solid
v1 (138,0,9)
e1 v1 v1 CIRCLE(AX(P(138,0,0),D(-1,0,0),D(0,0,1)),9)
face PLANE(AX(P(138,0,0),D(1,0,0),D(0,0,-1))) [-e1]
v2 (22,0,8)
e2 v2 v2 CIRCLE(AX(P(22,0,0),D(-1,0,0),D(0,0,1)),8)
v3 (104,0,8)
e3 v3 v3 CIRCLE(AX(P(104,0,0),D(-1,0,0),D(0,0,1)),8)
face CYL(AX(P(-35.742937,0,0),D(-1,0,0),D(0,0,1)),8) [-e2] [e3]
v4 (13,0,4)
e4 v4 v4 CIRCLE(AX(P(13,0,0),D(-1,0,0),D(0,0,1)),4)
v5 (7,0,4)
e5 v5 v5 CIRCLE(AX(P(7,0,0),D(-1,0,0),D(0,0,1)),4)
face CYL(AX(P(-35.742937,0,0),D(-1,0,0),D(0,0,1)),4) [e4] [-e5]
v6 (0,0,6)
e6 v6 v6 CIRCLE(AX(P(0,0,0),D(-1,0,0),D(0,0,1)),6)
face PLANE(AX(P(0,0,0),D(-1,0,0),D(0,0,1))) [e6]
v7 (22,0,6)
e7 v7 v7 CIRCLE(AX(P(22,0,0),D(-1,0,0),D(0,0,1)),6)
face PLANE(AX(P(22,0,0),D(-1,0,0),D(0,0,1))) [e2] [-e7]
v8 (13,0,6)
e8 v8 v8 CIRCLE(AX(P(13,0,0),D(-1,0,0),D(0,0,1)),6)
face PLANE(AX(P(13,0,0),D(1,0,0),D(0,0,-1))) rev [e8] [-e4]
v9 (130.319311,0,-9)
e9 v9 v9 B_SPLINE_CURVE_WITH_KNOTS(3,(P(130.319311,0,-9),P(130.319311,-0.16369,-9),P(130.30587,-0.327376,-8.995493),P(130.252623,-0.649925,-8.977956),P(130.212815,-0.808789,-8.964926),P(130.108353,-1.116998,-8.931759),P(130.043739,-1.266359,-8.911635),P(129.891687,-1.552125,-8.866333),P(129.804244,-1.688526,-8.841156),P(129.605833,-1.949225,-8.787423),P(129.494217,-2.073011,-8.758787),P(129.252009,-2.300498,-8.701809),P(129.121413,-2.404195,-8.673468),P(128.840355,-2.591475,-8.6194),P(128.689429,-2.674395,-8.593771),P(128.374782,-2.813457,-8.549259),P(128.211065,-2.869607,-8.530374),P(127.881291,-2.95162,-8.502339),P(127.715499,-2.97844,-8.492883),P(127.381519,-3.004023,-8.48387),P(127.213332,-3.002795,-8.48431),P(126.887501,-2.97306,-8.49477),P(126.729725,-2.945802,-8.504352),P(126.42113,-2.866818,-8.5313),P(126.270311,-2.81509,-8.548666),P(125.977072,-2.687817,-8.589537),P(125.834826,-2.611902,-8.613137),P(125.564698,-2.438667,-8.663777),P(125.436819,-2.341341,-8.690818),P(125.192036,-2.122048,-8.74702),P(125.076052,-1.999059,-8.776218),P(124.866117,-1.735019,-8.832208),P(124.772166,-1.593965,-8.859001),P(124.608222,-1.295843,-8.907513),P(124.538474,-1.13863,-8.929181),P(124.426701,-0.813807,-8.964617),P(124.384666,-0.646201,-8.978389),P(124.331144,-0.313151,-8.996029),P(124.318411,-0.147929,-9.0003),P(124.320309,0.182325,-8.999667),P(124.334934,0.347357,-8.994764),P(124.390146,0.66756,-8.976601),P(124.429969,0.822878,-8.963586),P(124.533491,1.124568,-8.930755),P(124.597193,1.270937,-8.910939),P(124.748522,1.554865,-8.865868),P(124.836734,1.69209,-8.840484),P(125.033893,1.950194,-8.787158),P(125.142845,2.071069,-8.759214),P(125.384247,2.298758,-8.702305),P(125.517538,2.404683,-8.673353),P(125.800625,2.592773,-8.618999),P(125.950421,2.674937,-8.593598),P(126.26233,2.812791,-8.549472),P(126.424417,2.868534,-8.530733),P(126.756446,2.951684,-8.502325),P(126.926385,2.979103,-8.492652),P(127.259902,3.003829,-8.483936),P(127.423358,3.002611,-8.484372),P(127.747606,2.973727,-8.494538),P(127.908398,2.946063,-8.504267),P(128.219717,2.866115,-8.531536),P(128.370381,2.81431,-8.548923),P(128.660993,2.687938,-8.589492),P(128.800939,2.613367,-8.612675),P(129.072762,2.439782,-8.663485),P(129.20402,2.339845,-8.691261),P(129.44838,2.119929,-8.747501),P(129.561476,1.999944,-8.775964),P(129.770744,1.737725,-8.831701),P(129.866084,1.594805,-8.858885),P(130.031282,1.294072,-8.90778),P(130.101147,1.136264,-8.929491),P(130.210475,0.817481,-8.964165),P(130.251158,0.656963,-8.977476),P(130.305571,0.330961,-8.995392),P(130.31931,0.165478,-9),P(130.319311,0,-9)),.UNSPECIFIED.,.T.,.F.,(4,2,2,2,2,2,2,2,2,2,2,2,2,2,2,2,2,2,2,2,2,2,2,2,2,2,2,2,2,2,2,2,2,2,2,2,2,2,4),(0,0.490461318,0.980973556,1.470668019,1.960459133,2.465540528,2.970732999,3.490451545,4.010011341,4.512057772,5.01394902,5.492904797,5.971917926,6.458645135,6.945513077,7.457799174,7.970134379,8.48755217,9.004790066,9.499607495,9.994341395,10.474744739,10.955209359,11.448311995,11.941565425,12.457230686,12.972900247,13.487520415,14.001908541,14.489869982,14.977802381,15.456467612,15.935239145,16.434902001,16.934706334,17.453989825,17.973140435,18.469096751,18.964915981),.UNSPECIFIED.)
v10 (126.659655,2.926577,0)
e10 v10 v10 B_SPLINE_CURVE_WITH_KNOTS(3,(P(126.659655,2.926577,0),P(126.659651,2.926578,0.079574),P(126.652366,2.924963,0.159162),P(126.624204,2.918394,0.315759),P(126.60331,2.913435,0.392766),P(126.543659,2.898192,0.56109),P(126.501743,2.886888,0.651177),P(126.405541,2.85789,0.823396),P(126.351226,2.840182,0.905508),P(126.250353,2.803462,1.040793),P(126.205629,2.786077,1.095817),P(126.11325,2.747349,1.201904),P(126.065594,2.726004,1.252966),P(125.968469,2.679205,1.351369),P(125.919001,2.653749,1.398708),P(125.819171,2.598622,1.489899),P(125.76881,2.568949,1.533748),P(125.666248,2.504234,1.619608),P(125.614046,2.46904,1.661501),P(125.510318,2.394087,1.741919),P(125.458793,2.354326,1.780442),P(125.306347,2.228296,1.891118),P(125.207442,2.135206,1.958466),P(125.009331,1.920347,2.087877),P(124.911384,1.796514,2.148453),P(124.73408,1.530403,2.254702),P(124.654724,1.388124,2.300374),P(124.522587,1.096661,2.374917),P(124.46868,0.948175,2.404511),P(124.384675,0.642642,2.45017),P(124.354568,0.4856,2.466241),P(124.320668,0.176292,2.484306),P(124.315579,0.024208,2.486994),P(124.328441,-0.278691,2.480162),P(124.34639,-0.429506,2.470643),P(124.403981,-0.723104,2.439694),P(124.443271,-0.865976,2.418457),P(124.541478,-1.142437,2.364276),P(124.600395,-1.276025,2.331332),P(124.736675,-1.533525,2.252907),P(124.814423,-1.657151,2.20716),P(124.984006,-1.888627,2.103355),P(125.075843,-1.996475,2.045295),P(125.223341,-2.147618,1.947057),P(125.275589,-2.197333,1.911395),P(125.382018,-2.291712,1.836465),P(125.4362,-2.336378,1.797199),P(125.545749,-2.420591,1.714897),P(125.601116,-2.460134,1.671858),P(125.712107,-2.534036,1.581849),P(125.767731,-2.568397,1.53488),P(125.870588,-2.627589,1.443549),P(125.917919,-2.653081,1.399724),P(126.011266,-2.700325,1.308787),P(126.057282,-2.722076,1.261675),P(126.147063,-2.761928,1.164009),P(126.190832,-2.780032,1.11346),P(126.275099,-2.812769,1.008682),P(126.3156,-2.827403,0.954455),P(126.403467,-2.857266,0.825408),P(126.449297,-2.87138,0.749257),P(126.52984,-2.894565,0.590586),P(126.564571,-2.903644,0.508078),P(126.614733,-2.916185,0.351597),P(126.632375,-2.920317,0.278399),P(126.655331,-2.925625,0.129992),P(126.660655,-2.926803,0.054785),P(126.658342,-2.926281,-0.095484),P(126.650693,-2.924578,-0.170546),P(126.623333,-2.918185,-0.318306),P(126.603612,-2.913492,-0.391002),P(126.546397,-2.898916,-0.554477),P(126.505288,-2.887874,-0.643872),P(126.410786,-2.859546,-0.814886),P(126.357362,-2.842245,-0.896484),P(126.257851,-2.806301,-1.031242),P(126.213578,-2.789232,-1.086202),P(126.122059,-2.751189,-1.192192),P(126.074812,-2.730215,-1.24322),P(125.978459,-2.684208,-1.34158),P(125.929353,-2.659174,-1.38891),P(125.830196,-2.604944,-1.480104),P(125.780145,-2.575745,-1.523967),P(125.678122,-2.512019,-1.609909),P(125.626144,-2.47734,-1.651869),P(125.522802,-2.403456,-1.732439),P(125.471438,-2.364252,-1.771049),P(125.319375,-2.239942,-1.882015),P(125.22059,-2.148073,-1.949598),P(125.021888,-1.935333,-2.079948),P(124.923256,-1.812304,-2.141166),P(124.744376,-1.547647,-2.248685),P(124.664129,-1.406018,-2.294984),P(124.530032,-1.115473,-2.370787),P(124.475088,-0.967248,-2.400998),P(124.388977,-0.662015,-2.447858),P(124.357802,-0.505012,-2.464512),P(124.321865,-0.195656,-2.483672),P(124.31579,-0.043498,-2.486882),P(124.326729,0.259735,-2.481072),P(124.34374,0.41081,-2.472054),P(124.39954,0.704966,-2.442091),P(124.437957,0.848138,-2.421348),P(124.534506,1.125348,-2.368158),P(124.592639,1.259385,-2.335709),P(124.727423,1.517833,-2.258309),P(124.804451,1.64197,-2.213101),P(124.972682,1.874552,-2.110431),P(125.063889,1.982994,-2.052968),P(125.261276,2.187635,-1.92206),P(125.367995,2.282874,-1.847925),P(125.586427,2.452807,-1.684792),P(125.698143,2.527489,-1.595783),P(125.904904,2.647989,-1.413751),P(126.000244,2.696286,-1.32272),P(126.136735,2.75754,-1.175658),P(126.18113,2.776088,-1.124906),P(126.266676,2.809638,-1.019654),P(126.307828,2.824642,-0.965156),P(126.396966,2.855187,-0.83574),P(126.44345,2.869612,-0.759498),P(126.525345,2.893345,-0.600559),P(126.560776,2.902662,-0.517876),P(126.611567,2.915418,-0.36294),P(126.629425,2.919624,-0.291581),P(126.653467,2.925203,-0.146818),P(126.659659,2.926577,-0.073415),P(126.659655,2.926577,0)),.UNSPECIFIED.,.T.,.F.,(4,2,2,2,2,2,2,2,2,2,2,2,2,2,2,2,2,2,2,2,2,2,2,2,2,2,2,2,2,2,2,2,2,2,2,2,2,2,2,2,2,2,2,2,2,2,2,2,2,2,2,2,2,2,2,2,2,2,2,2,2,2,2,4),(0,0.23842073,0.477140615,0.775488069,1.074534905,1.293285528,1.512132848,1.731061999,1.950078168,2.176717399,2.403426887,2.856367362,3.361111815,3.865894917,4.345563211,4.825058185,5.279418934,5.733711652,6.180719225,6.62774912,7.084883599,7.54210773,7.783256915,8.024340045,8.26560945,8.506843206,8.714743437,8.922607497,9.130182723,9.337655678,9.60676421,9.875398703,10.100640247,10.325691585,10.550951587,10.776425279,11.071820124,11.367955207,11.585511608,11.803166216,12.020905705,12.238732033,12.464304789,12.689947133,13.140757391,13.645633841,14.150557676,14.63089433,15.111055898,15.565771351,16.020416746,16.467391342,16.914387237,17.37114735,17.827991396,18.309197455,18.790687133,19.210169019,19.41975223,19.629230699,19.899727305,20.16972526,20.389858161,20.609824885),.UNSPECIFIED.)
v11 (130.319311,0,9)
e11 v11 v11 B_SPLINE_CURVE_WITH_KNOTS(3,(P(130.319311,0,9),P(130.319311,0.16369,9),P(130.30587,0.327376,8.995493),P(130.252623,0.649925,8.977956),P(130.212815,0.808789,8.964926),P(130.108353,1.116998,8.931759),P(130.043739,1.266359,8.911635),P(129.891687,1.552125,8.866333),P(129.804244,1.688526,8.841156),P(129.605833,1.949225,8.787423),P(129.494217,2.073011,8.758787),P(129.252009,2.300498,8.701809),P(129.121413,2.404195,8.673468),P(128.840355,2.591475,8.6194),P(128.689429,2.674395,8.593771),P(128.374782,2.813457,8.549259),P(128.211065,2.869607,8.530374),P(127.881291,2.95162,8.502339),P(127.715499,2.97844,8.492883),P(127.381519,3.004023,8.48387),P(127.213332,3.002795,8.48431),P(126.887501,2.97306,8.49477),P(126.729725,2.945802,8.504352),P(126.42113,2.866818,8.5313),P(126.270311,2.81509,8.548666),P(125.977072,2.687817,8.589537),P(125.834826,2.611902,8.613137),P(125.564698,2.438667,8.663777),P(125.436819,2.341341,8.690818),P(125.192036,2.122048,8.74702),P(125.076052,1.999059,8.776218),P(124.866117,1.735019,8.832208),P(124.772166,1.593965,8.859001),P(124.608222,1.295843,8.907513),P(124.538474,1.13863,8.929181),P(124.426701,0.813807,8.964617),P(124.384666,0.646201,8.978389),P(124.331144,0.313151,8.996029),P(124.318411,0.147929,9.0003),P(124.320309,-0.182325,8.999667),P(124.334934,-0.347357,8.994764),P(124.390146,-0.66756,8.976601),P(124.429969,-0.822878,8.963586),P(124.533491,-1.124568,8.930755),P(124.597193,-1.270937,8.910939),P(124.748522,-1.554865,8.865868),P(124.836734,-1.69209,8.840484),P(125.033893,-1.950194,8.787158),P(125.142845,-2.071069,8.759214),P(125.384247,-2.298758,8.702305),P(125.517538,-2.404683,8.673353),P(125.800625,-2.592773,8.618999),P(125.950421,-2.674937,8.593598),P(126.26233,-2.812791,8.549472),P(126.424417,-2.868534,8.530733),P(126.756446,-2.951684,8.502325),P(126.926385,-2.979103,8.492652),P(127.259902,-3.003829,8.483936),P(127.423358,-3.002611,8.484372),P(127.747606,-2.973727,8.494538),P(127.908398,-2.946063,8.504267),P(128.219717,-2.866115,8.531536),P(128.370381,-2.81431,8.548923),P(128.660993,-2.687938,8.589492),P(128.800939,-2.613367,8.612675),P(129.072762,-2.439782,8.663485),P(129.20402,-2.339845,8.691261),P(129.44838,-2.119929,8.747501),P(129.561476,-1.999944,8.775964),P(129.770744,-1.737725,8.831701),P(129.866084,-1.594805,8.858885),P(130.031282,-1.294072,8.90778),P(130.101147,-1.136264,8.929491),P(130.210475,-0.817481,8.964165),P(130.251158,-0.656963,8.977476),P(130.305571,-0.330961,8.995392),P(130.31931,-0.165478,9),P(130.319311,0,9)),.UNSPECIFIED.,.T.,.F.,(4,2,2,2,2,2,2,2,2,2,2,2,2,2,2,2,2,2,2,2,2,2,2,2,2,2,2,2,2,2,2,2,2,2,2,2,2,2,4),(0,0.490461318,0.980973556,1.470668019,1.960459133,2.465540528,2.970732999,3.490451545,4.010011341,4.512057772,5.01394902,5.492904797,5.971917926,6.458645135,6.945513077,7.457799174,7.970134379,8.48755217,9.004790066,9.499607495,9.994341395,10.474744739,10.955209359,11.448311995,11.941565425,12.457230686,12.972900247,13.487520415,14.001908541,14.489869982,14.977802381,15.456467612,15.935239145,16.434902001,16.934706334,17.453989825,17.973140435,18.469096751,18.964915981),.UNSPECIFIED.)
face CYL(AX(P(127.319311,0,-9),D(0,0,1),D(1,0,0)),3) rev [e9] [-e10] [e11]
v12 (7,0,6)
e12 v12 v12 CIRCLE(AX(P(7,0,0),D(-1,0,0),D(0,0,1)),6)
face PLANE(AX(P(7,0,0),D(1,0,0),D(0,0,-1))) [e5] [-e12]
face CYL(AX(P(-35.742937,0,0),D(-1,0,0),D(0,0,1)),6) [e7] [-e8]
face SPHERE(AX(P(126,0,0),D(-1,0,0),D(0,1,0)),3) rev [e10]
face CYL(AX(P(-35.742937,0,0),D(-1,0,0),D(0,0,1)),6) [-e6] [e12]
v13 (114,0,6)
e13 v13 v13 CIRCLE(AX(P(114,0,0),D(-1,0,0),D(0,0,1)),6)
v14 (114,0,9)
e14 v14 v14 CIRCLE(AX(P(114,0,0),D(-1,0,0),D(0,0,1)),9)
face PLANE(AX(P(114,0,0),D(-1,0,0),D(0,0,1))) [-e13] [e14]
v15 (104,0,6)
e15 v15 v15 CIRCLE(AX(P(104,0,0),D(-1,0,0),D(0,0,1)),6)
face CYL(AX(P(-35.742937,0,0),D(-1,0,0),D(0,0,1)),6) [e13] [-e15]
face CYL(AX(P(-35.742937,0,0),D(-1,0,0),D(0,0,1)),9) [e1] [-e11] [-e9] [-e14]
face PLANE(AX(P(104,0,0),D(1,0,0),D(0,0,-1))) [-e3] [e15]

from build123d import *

# Parameters (mm, degrees)
SKETCH2_W          = 10
SKETCH2_H          = 6
SKETCH2_W_2        = 6
SKETCH2_H_2        = 4
SKETCH3_R          = 3
CUT_EXTRUDE1_DEPTH = 140.45967159


with BuildPart() as part:
    # Sketch2 → Revolve1 (revolve)
    with BuildSketch(Plane.XY, mode=Mode.PRIVATE) as revolve1_sk:
        Polygon((22, 6), (22, 0), (104, 0), (104, 6), (104, 8), (22, 8), align=None)
        with Locations((109, 3)):
            Rectangle(SKETCH2_W, SKETCH2_H)
        with BuildLine():
            Line((114, 6), (114, 0))
            Line((114, 0), (123, 0))
            ThreePointArc((123, 0), (126, 3), (129, 0))
            Line((129, 0), (138, 0))
            Line((138, 0), (138, 9))
            Line((138, 9), (114, 9))
            Line((114, 9), (114, 6))
        make_face()
        Polygon((13, 4), (13, 0), (22, 0), (22, 6), (13, 6), align=None)
        Polygon((0, 6), (0, 0), (7, 0), (7, 4), (7, 6), align=None)
        with Locations((10, 2)):
            Rectangle(SKETCH2_W_2, SKETCH2_H_2)
    revolve(revolve1_sk.sketch.rotate(Axis((-35.742937112, 0, 0), (1, 0, 0)), 90), axis=Axis((-35.742937112, 0, 0), (1, 0, 0)))

    # Sketch3 → Cut-Extrude1 (cut, through all)
    with BuildSketch(Plane.XY.offset(9)):
        with Locations((127.319310505, 0)):
            Circle(SKETCH3_R)
    extrude(amount=-CUT_EXTRUDE1_DEPTH, mode=Mode.SUBTRACT)


solid = part.part
